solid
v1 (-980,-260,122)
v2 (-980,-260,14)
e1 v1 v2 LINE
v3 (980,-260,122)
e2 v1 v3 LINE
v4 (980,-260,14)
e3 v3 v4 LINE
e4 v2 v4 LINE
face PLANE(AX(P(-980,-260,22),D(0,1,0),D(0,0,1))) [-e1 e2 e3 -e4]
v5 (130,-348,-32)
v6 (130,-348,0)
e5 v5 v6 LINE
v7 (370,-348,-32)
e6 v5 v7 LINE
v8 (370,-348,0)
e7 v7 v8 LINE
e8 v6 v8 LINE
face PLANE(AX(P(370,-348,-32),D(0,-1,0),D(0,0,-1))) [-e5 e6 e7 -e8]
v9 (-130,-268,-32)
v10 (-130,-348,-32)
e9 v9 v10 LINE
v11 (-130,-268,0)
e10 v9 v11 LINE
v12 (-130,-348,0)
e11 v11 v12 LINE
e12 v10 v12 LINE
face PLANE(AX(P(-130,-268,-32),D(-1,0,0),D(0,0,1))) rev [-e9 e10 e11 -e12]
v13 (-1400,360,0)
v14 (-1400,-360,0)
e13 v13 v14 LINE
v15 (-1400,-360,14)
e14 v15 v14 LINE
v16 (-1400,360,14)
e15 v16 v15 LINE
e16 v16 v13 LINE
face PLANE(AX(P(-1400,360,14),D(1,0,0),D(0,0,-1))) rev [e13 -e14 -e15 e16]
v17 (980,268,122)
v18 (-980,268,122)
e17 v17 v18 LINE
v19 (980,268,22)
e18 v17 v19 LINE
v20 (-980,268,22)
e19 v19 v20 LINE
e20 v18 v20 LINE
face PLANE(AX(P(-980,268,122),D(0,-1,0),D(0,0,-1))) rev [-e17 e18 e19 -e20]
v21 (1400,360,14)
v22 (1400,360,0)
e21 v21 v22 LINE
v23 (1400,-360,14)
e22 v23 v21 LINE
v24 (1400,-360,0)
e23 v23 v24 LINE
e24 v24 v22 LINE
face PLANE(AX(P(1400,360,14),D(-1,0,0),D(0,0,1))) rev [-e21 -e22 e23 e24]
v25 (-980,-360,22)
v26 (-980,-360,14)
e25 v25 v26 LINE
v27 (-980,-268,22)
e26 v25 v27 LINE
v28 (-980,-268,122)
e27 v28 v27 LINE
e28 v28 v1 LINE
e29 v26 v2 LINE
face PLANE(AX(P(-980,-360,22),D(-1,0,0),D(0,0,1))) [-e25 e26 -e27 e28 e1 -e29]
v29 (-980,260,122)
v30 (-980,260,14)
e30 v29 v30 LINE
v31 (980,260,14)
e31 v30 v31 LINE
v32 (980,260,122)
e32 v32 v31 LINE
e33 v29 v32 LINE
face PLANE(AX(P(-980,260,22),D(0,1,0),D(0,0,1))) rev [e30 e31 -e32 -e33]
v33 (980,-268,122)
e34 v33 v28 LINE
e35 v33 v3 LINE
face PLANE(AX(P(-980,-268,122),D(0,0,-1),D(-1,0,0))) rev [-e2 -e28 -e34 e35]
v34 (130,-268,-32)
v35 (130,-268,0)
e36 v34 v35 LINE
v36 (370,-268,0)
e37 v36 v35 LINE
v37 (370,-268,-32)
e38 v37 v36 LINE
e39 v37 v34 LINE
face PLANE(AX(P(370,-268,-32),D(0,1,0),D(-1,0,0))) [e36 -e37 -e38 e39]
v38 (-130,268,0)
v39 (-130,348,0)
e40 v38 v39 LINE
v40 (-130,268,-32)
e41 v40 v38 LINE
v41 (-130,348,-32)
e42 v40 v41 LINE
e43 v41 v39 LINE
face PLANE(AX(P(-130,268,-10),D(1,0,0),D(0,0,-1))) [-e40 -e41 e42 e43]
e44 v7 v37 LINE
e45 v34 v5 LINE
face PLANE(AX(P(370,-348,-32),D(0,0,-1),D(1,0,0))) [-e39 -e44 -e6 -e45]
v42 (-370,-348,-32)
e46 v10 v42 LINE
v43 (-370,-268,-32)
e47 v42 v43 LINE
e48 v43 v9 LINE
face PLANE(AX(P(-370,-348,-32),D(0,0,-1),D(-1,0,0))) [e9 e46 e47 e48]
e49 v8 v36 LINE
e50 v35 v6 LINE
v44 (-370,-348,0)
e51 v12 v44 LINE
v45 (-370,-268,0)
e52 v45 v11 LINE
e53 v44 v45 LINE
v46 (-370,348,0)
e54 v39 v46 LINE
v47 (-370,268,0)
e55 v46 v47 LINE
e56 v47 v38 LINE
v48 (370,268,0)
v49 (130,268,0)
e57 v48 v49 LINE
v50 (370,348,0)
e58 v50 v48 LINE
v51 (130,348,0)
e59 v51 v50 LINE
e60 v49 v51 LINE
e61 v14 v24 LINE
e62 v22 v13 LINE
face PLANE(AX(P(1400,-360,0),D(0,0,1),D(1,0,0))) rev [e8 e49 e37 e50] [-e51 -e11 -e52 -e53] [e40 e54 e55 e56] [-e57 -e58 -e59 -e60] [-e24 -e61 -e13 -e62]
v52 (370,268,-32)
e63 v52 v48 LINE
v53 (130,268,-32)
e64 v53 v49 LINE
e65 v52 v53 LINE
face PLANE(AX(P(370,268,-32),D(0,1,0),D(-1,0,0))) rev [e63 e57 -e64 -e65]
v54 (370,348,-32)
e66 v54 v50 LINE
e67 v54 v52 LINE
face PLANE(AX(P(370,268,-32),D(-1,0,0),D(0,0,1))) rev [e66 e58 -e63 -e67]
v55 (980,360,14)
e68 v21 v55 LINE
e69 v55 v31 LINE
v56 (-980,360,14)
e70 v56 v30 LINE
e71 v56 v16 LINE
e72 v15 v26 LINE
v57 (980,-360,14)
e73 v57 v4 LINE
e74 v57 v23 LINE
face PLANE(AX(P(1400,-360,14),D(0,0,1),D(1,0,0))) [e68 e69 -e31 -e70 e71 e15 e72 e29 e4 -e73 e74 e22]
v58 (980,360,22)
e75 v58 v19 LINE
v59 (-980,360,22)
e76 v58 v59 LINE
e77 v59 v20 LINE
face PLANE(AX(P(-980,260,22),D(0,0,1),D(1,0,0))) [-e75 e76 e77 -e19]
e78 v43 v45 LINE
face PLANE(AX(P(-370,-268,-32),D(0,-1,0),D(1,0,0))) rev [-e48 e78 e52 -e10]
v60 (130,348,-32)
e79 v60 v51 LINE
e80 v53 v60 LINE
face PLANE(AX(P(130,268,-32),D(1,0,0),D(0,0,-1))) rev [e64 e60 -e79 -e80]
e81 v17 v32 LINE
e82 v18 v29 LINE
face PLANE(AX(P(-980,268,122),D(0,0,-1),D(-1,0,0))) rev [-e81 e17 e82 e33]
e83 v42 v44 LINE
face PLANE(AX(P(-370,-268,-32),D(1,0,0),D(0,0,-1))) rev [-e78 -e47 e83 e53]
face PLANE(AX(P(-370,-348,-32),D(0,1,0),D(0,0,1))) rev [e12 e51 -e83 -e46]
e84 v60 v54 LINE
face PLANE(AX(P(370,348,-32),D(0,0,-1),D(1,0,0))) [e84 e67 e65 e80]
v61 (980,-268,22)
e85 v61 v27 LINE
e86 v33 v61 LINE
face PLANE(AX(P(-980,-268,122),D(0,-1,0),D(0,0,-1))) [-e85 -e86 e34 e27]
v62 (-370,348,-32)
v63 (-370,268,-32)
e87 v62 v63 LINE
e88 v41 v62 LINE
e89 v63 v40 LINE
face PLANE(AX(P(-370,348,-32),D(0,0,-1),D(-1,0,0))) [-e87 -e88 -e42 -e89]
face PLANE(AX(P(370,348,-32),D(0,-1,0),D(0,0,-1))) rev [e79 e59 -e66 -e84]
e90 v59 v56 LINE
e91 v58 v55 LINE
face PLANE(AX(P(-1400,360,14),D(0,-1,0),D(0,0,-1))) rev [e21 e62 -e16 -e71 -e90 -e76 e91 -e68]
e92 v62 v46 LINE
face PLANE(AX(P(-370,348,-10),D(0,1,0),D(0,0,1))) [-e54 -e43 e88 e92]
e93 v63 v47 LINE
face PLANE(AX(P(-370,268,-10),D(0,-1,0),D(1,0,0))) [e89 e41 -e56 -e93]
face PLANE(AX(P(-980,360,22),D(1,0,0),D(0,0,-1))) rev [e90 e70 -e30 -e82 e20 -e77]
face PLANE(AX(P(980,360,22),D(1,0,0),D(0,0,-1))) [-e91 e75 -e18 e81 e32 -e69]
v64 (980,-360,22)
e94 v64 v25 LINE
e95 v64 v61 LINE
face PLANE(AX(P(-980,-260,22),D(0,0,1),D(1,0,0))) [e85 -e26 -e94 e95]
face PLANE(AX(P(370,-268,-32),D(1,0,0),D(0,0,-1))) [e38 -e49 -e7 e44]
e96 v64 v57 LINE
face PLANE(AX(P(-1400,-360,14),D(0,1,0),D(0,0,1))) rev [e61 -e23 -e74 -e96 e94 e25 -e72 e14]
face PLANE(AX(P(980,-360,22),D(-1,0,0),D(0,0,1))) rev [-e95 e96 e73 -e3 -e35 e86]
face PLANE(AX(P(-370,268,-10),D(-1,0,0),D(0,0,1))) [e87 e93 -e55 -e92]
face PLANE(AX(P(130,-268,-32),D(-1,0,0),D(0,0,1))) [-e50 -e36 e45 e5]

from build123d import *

# Parameters (mm, degrees)
SKETCH_1_W               = 2800
SKETCH_1_H               = 720
EXTRUDE_1_DEPTH          = 14
SKETCH_5_W               = 980
SKETCH_5_H               = 100
EXTRUDE_2_DEPTH          = 8
SKETCH_9_W               = 980
SKETCH_9_H               = 8
EXTRUDE_3_DEPTH          = 100
MIRROR_4_COPY_1_SKETCH_W = 980
MIRROR_4_COPY_1_SKETCH_H = 100
MIRROR_4_COPY_1_DEPTH    = 8
MIRROR_4_COPY_2_SKETCH_W = 980
MIRROR_4_COPY_2_SKETCH_H = 8
MIRROR_4_COPY_2_DEPTH    = 100
MIRROR_4_COPY_3_SKETCH_W = 980
MIRROR_4_COPY_3_SKETCH_H = 100
MIRROR_4_COPY_3_DEPTH    = 8
MIRROR_4_COPY_4_SKETCH_W = 980
MIRROR_4_COPY_4_SKETCH_H = 8
MIRROR_4_COPY_4_DEPTH    = 100
SKETCH_11_W              = 240
SKETCH_11_H              = 80
EXTRUDE_4_DEPTH          = 32
SKETCH_12_R              = 13
CUT_EXTRUDE_5_DEPTH      = 1449.999654934
PATTERN_LINEAR_4_COUNT   = 3
PATTERN_LINEAR_4_PITCH   = 80
SKETCH_11_3_W            = 240
SKETCH_11_3_H            = 80
EXTRUDE_6_DEPTH          = 54
MIRROR_8_COPY_1_SKETCH_W = 240
MIRROR_8_COPY_1_SKETCH_H = 80
MIRROR_8_COPY_1_DEPTH    = 54
MIRROR_8_COPY_2_SKETCH_W = 240
MIRROR_8_COPY_2_SKETCH_H = 80
MIRROR_8_COPY_2_DEPTH    = 54


with BuildPart() as part:
    # 草图1 → 凸台-拉伸1 (new body)
    with BuildSketch(Plane.XY):
        Rectangle(SKETCH_1_W, SKETCH_1_H)
    extrude(amount=EXTRUDE_1_DEPTH)

    # 草图5 → 凸台-拉伸2 (add)
    with BuildSketch(Plane.XY.offset(14)):
        with Locations((-490, 310)):
            Rectangle(SKETCH_5_W, SKETCH_5_H)
    extrude_2 = extrude(amount=EXTRUDE_2_DEPTH)

    # 草图9 → 凸台-拉伸3 (add)
    with BuildSketch(Plane.XY.offset(22)):
        with Locations((-490, 264)):
            Rectangle(SKETCH_9_W, SKETCH_9_H)
    extrude_3 = extrude(amount=EXTRUDE_3_DEPTH)

    # 镜向3: 凸台-拉伸2, 凸台-拉伸3 across plane
    add(extrude_2.mirror(Plane.ZX))
    add(extrude_3.mirror(Plane.ZX))

    # 镜向4 copy 1 sketch → 镜向4 copy 1 (add)
    with BuildSketch(Plane(origin=(0, 0, 14), x_dir=(-1, 0, 0), z_dir=(0, 0, 1))):
        with Locations((-490, 310)):
            Rectangle(MIRROR_4_COPY_1_SKETCH_W, MIRROR_4_COPY_1_SKETCH_H)
    extrude(amount=MIRROR_4_COPY_1_DEPTH)

    # 镜向4 copy 2 sketch → 镜向4 copy 2 (add)
    with BuildSketch(Plane(origin=(0, 0, 22), x_dir=(-1, 0, 0), z_dir=(0, 0, 1))):
        with Locations((-490, 264)):
            Rectangle(MIRROR_4_COPY_2_SKETCH_W, MIRROR_4_COPY_2_SKETCH_H)
    extrude(amount=MIRROR_4_COPY_2_DEPTH)

    # 镜向4 copy 3 sketch → 镜向4 copy 3 (add)
    with BuildSketch(Plane(origin=(0, 0, 14), x_dir=(-1, 0, 0), z_dir=(0, 0, 1))):
        with Locations((-490, -310)):
            Rectangle(MIRROR_4_COPY_3_SKETCH_W, MIRROR_4_COPY_3_SKETCH_H)
    extrude(amount=MIRROR_4_COPY_3_DEPTH)

    # 镜向4 copy 4 sketch → 镜向4 copy 4 (add)
    with BuildSketch(Plane(origin=(0, 0, 22), x_dir=(-1, 0, 0), z_dir=(0, 0, 1))):
        with Locations((-490, -264)):
            Rectangle(MIRROR_4_COPY_4_SKETCH_W, MIRROR_4_COPY_4_SKETCH_H)
    extrude(amount=MIRROR_4_COPY_4_DEPTH)

    # 草图11 → 凸台-拉伸4 (add)
    with BuildSketch(Plane.XY.offset(22)):
        with Locations((-250, 308)):
            Rectangle(SKETCH_11_W, SKETCH_11_H)
    extrude(amount=-EXTRUDE_4_DEPTH)

    # 草图12 → 切除-拉伸5 (cut, through all)
    with BuildSketch(Plane.XY.offset(22)):
        with Locations((-330, 304)):
            Circle(SKETCH_12_R)
    cut_extrude_5 = extrude(amount=-CUT_EXTRUDE_5_DEPTH, mode=Mode.SUBTRACT)

    # 阵列(线性)4: 切除-拉伸5 ×3
    with Locations(*[(i * PATTERN_LINEAR_4_PITCH, 0, 0) for i in range(1, PATTERN_LINEAR_4_COUNT)]):
        add(cut_extrude_5, mode=Mode.SUBTRACT)

    # 草图11<3> → 凸台-拉伸6 (add)
    with BuildSketch(Plane.XY.offset(22)):
        with Locations((-250, 308)):
            Rectangle(SKETCH_11_3_W, SKETCH_11_3_H)
    extrude_6 = extrude(amount=-EXTRUDE_6_DEPTH)

    # 镜向7: 凸台-拉伸6 across plane
    add(extrude_6.mirror(Plane.ZX))

    # 镜向8 copy 1 sketch → 镜向8 copy 1 (add)
    with BuildSketch(Plane(origin=(0, 0, 22), x_dir=(-1, 0, 0), z_dir=(0, 0, 1))):
        with Locations((-250, 308)):
            Rectangle(MIRROR_8_COPY_1_SKETCH_W, MIRROR_8_COPY_1_SKETCH_H)
    extrude(amount=-MIRROR_8_COPY_1_DEPTH)

    # 镜向8 copy 2 sketch → 镜向8 copy 2 (add)
    with BuildSketch(Plane(origin=(0, 0, 22), x_dir=(-1, 0, 0), z_dir=(0, 0, 1))):
        with Locations((-250, -308)):
            Rectangle(MIRROR_8_COPY_2_SKETCH_W, MIRROR_8_COPY_2_SKETCH_H)
    extrude(amount=-MIRROR_8_COPY_2_DEPTH)


solid = part.part
